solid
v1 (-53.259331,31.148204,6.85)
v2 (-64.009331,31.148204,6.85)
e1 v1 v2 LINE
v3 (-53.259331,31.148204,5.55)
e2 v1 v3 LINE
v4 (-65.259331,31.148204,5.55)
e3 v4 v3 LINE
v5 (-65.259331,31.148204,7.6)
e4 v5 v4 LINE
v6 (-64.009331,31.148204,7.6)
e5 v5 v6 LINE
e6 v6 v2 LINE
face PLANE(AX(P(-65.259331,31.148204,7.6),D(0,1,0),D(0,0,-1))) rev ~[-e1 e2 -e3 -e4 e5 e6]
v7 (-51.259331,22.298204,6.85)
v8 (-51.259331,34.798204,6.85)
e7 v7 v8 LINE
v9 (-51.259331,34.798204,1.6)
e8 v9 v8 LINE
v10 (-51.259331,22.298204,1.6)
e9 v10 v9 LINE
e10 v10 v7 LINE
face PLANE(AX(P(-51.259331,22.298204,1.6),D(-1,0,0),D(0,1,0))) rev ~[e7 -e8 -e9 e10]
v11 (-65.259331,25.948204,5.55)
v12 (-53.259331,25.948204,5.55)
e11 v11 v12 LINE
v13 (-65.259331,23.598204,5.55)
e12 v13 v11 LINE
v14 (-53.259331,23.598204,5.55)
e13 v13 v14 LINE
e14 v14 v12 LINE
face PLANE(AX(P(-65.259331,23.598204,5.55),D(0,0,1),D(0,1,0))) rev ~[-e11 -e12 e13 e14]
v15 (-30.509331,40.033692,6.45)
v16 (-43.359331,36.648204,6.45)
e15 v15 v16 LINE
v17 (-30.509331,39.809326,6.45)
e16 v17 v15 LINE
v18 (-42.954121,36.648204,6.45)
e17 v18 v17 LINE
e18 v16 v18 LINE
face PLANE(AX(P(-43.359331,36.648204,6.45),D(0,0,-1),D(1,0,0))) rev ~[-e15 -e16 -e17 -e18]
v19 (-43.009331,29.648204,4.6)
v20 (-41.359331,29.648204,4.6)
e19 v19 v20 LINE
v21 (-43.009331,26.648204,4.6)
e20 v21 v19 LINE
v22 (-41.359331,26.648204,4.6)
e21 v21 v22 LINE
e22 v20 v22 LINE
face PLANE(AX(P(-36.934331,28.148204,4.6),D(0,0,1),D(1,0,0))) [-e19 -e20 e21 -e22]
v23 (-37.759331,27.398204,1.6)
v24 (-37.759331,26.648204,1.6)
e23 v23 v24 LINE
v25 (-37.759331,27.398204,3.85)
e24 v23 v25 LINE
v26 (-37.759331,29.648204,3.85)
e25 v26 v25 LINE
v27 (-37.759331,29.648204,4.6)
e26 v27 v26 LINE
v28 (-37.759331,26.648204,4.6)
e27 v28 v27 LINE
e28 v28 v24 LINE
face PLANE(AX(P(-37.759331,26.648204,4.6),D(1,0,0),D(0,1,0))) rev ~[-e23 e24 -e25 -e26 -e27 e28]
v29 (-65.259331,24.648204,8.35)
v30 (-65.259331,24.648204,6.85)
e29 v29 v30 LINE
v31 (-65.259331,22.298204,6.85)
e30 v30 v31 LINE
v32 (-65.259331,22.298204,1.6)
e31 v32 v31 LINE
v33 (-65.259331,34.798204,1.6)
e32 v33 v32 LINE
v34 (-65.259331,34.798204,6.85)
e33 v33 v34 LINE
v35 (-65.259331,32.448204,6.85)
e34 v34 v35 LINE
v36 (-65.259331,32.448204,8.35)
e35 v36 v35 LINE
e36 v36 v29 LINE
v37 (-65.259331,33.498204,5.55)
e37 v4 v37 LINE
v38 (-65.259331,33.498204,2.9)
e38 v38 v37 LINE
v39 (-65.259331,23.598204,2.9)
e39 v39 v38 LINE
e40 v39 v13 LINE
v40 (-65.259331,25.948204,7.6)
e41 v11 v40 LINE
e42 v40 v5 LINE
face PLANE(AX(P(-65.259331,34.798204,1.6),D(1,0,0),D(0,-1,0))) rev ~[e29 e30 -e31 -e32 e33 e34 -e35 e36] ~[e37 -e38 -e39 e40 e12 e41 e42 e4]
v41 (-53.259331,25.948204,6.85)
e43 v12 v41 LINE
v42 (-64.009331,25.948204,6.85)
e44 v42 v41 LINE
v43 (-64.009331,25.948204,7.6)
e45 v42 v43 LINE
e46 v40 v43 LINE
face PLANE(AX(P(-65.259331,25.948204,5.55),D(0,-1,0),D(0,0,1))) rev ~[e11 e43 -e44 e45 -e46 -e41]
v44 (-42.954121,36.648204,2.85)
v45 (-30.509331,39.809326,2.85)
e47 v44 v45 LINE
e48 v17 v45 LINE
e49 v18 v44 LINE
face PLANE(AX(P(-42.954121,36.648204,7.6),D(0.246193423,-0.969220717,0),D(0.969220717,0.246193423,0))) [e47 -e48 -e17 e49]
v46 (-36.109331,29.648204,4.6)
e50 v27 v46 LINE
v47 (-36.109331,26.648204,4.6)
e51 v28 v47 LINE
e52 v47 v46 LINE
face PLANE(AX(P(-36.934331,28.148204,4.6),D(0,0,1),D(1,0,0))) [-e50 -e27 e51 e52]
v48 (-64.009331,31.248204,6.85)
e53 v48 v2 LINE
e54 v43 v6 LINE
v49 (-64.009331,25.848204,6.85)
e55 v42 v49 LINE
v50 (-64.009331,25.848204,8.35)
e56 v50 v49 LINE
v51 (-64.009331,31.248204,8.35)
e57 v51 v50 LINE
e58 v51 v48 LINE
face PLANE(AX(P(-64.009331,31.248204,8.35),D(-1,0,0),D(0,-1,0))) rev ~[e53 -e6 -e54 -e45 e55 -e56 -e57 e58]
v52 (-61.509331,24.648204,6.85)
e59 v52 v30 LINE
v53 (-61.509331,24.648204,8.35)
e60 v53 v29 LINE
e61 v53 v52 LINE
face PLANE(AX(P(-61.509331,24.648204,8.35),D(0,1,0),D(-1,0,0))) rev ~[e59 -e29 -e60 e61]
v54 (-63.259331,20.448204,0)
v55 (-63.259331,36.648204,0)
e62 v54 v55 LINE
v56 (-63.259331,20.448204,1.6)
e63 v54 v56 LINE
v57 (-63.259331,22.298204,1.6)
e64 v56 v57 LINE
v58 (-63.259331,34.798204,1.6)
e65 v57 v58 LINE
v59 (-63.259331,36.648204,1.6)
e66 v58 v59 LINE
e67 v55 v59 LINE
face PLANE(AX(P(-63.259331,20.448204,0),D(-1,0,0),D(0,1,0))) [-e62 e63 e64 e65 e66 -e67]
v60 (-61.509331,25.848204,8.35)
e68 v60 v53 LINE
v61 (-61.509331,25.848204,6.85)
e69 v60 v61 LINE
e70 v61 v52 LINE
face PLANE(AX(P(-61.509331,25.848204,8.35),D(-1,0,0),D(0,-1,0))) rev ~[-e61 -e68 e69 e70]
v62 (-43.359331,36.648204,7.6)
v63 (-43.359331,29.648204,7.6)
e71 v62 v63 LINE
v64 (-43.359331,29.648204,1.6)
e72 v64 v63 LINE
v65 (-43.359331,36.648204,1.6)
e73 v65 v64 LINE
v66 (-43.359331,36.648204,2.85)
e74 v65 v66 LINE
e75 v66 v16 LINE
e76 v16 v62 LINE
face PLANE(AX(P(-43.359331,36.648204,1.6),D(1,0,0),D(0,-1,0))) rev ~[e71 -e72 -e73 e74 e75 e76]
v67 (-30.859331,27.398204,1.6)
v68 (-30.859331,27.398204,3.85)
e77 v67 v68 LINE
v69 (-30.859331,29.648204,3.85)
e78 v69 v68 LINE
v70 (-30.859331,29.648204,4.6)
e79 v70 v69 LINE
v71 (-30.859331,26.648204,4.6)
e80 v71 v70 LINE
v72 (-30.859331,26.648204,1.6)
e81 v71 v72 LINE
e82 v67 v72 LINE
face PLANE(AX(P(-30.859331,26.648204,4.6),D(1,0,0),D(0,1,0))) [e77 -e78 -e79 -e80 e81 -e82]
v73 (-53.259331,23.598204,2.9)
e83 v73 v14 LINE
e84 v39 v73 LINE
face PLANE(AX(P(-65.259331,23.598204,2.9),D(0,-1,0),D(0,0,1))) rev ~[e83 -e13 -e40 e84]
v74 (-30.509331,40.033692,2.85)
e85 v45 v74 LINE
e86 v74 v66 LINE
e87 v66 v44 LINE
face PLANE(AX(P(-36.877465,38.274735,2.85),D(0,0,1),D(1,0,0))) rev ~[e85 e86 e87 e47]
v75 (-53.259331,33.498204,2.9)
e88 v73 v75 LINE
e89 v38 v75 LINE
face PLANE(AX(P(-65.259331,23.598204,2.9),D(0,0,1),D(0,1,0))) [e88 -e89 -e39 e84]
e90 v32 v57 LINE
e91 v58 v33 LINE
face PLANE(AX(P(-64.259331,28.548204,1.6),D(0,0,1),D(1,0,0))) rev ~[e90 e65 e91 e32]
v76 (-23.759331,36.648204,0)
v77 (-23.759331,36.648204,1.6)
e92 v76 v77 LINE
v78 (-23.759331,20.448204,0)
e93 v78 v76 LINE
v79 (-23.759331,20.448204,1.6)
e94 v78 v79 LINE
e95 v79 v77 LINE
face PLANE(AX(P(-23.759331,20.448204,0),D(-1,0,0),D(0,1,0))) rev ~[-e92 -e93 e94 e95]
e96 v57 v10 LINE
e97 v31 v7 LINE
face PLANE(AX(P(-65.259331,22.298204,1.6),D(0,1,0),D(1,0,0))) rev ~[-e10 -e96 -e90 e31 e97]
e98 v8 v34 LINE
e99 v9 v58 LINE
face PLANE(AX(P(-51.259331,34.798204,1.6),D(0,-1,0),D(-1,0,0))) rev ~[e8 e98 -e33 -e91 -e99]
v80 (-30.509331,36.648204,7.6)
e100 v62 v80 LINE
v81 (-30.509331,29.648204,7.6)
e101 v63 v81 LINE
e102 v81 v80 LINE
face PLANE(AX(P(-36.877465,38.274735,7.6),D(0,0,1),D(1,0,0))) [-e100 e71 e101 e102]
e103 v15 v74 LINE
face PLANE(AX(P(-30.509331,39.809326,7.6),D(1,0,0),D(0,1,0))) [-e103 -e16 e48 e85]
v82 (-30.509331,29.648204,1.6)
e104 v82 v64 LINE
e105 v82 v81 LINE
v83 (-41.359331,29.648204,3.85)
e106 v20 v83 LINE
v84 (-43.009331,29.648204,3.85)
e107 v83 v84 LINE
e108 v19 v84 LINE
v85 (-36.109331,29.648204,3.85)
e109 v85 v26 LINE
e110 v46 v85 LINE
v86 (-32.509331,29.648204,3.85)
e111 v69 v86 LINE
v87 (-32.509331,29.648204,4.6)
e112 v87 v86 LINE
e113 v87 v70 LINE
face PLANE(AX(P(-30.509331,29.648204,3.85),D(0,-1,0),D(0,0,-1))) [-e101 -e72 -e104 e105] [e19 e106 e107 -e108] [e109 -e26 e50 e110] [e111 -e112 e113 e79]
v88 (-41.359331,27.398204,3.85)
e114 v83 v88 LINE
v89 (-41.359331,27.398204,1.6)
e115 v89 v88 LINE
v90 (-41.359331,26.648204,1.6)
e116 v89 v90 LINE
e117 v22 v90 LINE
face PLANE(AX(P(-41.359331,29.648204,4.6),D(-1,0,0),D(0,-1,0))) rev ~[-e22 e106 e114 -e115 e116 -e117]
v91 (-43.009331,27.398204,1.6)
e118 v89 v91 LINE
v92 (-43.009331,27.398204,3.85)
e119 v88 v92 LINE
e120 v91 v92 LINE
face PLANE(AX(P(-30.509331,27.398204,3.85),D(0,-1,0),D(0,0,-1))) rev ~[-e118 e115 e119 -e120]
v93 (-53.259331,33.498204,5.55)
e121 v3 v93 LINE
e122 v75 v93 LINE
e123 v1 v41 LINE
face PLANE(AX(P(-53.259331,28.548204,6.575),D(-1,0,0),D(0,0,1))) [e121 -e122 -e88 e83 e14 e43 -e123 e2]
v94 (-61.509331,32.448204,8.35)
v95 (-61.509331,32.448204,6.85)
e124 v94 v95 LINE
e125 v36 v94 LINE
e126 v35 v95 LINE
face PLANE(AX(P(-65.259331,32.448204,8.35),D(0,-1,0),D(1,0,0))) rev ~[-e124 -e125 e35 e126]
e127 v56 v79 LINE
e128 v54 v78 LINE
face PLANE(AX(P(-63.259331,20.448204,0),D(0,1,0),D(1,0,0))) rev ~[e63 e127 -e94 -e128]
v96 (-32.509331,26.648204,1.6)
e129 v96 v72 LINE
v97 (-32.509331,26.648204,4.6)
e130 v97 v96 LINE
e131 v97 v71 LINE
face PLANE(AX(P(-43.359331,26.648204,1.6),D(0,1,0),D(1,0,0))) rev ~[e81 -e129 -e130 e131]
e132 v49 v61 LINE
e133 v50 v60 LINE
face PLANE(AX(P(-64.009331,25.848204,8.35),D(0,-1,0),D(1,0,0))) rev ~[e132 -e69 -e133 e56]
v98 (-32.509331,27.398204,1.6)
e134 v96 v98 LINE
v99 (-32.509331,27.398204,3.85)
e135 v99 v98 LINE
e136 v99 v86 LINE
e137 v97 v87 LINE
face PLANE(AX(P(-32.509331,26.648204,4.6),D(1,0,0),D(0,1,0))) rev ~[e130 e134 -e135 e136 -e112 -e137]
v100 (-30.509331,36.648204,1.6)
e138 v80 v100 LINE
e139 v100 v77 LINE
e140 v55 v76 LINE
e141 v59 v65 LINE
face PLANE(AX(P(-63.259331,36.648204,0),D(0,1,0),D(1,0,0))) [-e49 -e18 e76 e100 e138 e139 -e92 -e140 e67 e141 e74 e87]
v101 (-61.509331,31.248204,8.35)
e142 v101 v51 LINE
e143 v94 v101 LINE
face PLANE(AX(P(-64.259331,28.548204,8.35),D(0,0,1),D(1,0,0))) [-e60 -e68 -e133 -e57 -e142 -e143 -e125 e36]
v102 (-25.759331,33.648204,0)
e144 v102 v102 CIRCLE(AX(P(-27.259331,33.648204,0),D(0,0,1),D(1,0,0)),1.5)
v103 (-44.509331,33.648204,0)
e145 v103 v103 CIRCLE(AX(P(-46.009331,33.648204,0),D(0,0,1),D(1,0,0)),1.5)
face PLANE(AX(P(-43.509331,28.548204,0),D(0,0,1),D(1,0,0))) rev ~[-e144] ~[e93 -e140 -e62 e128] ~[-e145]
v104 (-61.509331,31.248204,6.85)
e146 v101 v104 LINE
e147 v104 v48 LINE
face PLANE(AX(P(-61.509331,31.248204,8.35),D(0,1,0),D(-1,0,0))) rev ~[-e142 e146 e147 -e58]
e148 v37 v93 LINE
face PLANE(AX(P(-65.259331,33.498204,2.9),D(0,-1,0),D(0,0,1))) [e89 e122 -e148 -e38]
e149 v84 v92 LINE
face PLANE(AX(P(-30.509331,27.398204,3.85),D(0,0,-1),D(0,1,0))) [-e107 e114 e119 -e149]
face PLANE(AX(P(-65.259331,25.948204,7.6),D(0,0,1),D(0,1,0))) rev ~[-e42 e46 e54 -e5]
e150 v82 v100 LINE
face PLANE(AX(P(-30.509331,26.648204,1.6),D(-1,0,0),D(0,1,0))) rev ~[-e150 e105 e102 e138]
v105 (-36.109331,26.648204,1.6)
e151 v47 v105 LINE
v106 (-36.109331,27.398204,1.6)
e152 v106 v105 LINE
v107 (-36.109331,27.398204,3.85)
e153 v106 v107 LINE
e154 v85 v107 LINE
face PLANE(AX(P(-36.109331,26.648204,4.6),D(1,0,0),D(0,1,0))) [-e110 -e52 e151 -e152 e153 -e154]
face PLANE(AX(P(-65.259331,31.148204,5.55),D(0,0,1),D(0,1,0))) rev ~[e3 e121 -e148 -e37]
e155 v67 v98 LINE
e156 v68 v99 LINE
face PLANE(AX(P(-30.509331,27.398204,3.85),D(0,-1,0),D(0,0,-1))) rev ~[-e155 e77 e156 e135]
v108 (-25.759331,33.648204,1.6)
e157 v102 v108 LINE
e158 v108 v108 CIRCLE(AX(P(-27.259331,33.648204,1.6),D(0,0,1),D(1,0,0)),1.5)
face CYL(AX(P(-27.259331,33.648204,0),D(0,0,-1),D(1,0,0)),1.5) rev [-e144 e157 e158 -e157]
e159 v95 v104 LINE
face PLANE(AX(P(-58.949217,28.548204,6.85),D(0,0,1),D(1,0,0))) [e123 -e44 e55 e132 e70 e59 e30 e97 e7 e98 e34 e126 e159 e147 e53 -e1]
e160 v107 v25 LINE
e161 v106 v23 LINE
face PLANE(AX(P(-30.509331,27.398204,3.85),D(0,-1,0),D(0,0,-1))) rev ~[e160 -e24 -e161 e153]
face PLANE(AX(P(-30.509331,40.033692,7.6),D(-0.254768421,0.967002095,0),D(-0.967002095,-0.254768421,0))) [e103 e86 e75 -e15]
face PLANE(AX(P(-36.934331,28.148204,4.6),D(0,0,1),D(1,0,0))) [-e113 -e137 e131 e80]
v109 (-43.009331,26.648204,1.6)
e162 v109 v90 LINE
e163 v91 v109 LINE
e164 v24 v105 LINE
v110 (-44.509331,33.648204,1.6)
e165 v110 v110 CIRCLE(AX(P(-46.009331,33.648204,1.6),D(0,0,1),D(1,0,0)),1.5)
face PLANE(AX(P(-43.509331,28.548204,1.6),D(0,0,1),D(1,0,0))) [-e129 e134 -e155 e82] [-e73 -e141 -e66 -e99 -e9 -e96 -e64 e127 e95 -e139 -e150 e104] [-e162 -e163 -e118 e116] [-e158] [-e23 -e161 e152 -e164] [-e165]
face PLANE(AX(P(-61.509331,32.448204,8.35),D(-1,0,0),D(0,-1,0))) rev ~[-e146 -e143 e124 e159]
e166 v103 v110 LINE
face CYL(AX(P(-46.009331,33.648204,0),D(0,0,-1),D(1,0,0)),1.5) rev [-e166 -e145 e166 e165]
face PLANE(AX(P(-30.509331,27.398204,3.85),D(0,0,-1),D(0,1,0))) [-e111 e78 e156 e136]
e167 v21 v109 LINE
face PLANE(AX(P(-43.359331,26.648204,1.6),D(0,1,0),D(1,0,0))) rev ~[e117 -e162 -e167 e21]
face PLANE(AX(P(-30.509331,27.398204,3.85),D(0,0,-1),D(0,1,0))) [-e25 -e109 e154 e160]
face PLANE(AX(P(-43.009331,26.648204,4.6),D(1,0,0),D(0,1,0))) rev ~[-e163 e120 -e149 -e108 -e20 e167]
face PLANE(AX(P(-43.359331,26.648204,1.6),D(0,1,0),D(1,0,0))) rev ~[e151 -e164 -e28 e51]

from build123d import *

# Parameters (mm, degrees)
SKETCH1_W           = 39.5
SKETCH1_H           = 16.2
SKETCH1_R           = 1.5
BOSS_EXTRUDE1_DEPTH = 1.6
BOSS_EXTRUDE2_DEPTH = 6
SKETCH3_W           = 12.85
SKETCH3_H           = 3
CUT_EXTRUDE1_DEPTH  = 3
CUT_EXTRUDE3_DEPTH  = 3
SKETCH5_W           = 2.25
SKETCH5_H           = 2.25
CUT_EXTRUDE4_DEPTH  = 50.733422671
BOSS_EXTRUDE3_DEPTH = 6.75
CUT_EXTRUDE5_DEPTH  = 1.5
SKETCH8_W           = 2.65
SKETCH8_H           = 9.9
CUT_EXTRUDE6_DEPTH  = 12
CUT_EXTRUDE7_REACH  = 76.987
SKETCH9_W           = 0.35
SKETCH9_H           = 3
SKETCH9_W_2         = 0.175
BOSS_EXTRUDE4_DEPTH = 4.75
SKETCH11_W          = 12.85
SKETCH11_H          = 1.15
CUT_EXTRUDE8_DEPTH  = 4.75


with BuildPart() as part:
    # Sketch1 → Boss-Extrude1 (new body)
    with BuildSketch(Plane.XY):
        with Locations((-43.509331094, 28.548203647)):
            Rectangle(SKETCH1_W, SKETCH1_H)
        with Locations((-27.259331094, 33.648203647)):
            Circle(SKETCH1_R, mode=Mode.SUBTRACT)
        with Locations((-46.009331094, 33.648203647)):
            Circle(SKETCH1_R, mode=Mode.SUBTRACT)
    extrude(amount=BOSS_EXTRUDE1_DEPTH)

    # Sketch2 → Boss-Extrude2 (add)
    with BuildSketch(Plane.XY.offset(1.6)):
        Polygon((-30.509331094, 30.378901516), (-30.509331094, 36.648203647), (-43.359331094, 36.648203647), (-43.359331094, 26.648203647), (-30.509331094, 26.648203647), align=None)
    extrude(amount=BOSS_EXTRUDE2_DEPTH)

    # Sketch3 → Cut-Extrude1 (cut)
    with BuildSketch(Plane.XY.offset(7.6)):
        with Locations((-36.934331094, 28.148203647)):
            Rectangle(SKETCH3_W, SKETCH3_H)
    extrude(amount=-CUT_EXTRUDE1_DEPTH, mode=Mode.SUBTRACT)

    # Sketch4 → Cut-Extrude3 (cut)
    with BuildSketch(Plane.XY.offset(4.6)):
        Polygon((-32.509331094, 29.648203647), (-35.934331094, 29.648203647), (-35.934331094, 26.648203647), (-32.509331094, 26.648203647), (-32.509331094, 27.856511678), align=None)
        Polygon((-37.934331094, 29.648203647), (-41.359331094, 29.648203647), (-41.359331094, 28.148203647), (-41.359331094, 26.648203647), (-37.934331094, 26.648203647), align=None)
    extrude(amount=-CUT_EXTRUDE3_DEPTH, mode=Mode.SUBTRACT)

    # Sketch5 → Cut-Extrude4 (cut, through all)
    with BuildSketch(Plane(origin=(-30.509331094, 0, 0), x_dir=(0, 0, -1), z_dir=(1, 0, 0))):
        with Locations((-2.725, 28.523203647)):
            Rectangle(SKETCH5_W, SKETCH5_H)
    extrude(amount=-CUT_EXTRUDE4_DEPTH, mode=Mode.SUBTRACT)

    # Sketch6 → Boss-Extrude3 (add)
    with BuildSketch(Plane.XY.offset(1.6)):
        Polygon((-63.259331094, 22.298203647), (-63.259331094, 28.548203647), (-63.259331094, 34.798203647), (-65.259331094, 34.798203647), (-65.259331094, 22.298203647), align=None)
        Polygon((-63.259331094, 34.798203647), (-63.259331094, 28.548203647), (-63.259331094, 22.298203647), (-51.259331094, 22.298203647), (-51.259331094, 34.798203647), align=None)
    extrude(amount=BOSS_EXTRUDE3_DEPTH)

    # Sketch7 → Cut-Extrude5 (cut)
    with BuildSketch(Plane.XY.offset(8.35)):
        Polygon((-65.259331094, 34.798203647), (-65.259331094, 32.448203647), (-61.509331094, 32.448203647), (-61.509331094, 31.248203647), (-64.009331094, 31.248203647), (-64.009331094, 25.848203647), (-61.509331094, 25.848203647), (-61.509331094, 24.648203647), (-65.259331094, 24.648203647), (-65.259331094, 22.298203647), (-51.259331094, 22.298203647), (-51.259331094, 34.798203647), align=None)
    extrude(amount=-CUT_EXTRUDE5_DEPTH, mode=Mode.SUBTRACT)

    # Sketch8 → Cut-Extrude6 (cut)
    with BuildSketch(Plane.ZY.offset(65.259331094)):
        Polygon((6.85, 31.148203647), (5.55, 31.148203647), (5.55, 25.948203647), (6.85, 25.948203647), (7.6, 25.948203647), (7.6, 31.148203647), align=None)
        with Locations((4.225, 28.548203647)):
            Rectangle(SKETCH8_W, SKETCH8_H)
    extrude(amount=-CUT_EXTRUDE6_DEPTH, mode=Mode.SUBTRACT)

    # Cut-Extrude7: up to this face of the body (flat: up to its plane)
    cut_extrude7_end = Plane(part.part.faces().sort_by_distance((-39.983883979, 27.291998742, 1.6))[0])
    # Sketch9 → Cut-Extrude7 (cut, up to the picked face)
    with BuildSketch(Plane.XY.offset(4.6), mode=Mode.PRIVATE) as cut_extrude7_sk1:
        with Locations((-30.684331094, 28.148203647)):
            Rectangle(SKETCH9_W, SKETCH9_H)
    cut_extrude7_tool1 = split(extrude(cut_extrude7_sk1.sketch, amount=-CUT_EXTRUDE7_REACH, mode=Mode.PRIVATE), bisect_by=cut_extrude7_end, keep=Keep.BOTH, mode=Mode.PRIVATE)
    # Sketch9 → Cut-Extrude7 (cut, up to the picked face)
    with BuildSketch(Plane.XY.offset(4.6), mode=Mode.PRIVATE) as cut_extrude7_sk2:
        with Locations((-43.184331094, 28.148203647)):
            Rectangle(SKETCH9_W, SKETCH9_H)
    cut_extrude7_tool2 = split(extrude(cut_extrude7_sk2.sketch, amount=-CUT_EXTRUDE7_REACH, mode=Mode.PRIVATE), bisect_by=cut_extrude7_end, keep=Keep.BOTH, mode=Mode.PRIVATE)
    # Sketch9 → Cut-Extrude7 (cut, up to the picked face)
    with BuildSketch(Plane.XY.offset(4.6), mode=Mode.PRIVATE) as cut_extrude7_sk3:
        with Locations((-37.846831094, 28.148203647)):
            Rectangle(SKETCH9_W_2, SKETCH9_H)
    cut_extrude7_tool3 = split(extrude(cut_extrude7_sk3.sketch, amount=-CUT_EXTRUDE7_REACH, mode=Mode.PRIVATE), bisect_by=cut_extrude7_end, keep=Keep.BOTH, mode=Mode.PRIVATE)
    # Sketch9 → Cut-Extrude7 (cut, up to the picked face)
    with BuildSketch(Plane.XY.offset(4.6), mode=Mode.PRIVATE) as cut_extrude7_sk4:
        with Locations((-36.021831094, 28.148203647)):
            Rectangle(SKETCH9_W_2, SKETCH9_H)
    cut_extrude7_tool4 = split(extrude(cut_extrude7_sk4.sketch, amount=-CUT_EXTRUDE7_REACH, mode=Mode.PRIVATE), bisect_by=cut_extrude7_end, keep=Keep.BOTH, mode=Mode.PRIVATE)
    add(cut_extrude7_tool1.solids().sort_by(Axis((-30.684331, 28.148204, 4.6), (0, 0, -1)))[0], mode=Mode.SUBTRACT)
    add(cut_extrude7_tool2.solids().sort_by(Axis((-43.184331, 28.148204, 4.6), (0, 0, -1)))[0], mode=Mode.SUBTRACT)
    add(cut_extrude7_tool3.solids().sort_by(Axis((-37.846831, 28.148204, 4.6), (0, 0, -1)))[0], mode=Mode.SUBTRACT)
    add(cut_extrude7_tool4.solids().sort_by(Axis((-36.021831, 28.148204, 4.6), (0, 0, -1)))[0], mode=Mode.SUBTRACT)

    # Sketch10 → Boss-Extrude4 (add)
    with BuildSketch(Plane.XY.offset(7.6)):
        Polygon((-30.509331094, 40.033691869), (-43.359331094, 36.648203647), (-42.954120568, 36.648203647), (-30.509331094, 39.809326044), align=None)
    extrude(amount=-BOSS_EXTRUDE4_DEPTH)

    # Sketch11 → Cut-Extrude8 (cut)
    with BuildSketch(Plane(origin=(0, 36.648203647, 0), x_dir=(1, 0, 0), z_dir=(0, 1, 0))):
        with Locations((-36.934331094, -7.025)):
            Rectangle(SKETCH11_W, SKETCH11_H)
    extrude(amount=CUT_EXTRUDE8_DEPTH, mode=Mode.SUBTRACT)


solid = part.part
